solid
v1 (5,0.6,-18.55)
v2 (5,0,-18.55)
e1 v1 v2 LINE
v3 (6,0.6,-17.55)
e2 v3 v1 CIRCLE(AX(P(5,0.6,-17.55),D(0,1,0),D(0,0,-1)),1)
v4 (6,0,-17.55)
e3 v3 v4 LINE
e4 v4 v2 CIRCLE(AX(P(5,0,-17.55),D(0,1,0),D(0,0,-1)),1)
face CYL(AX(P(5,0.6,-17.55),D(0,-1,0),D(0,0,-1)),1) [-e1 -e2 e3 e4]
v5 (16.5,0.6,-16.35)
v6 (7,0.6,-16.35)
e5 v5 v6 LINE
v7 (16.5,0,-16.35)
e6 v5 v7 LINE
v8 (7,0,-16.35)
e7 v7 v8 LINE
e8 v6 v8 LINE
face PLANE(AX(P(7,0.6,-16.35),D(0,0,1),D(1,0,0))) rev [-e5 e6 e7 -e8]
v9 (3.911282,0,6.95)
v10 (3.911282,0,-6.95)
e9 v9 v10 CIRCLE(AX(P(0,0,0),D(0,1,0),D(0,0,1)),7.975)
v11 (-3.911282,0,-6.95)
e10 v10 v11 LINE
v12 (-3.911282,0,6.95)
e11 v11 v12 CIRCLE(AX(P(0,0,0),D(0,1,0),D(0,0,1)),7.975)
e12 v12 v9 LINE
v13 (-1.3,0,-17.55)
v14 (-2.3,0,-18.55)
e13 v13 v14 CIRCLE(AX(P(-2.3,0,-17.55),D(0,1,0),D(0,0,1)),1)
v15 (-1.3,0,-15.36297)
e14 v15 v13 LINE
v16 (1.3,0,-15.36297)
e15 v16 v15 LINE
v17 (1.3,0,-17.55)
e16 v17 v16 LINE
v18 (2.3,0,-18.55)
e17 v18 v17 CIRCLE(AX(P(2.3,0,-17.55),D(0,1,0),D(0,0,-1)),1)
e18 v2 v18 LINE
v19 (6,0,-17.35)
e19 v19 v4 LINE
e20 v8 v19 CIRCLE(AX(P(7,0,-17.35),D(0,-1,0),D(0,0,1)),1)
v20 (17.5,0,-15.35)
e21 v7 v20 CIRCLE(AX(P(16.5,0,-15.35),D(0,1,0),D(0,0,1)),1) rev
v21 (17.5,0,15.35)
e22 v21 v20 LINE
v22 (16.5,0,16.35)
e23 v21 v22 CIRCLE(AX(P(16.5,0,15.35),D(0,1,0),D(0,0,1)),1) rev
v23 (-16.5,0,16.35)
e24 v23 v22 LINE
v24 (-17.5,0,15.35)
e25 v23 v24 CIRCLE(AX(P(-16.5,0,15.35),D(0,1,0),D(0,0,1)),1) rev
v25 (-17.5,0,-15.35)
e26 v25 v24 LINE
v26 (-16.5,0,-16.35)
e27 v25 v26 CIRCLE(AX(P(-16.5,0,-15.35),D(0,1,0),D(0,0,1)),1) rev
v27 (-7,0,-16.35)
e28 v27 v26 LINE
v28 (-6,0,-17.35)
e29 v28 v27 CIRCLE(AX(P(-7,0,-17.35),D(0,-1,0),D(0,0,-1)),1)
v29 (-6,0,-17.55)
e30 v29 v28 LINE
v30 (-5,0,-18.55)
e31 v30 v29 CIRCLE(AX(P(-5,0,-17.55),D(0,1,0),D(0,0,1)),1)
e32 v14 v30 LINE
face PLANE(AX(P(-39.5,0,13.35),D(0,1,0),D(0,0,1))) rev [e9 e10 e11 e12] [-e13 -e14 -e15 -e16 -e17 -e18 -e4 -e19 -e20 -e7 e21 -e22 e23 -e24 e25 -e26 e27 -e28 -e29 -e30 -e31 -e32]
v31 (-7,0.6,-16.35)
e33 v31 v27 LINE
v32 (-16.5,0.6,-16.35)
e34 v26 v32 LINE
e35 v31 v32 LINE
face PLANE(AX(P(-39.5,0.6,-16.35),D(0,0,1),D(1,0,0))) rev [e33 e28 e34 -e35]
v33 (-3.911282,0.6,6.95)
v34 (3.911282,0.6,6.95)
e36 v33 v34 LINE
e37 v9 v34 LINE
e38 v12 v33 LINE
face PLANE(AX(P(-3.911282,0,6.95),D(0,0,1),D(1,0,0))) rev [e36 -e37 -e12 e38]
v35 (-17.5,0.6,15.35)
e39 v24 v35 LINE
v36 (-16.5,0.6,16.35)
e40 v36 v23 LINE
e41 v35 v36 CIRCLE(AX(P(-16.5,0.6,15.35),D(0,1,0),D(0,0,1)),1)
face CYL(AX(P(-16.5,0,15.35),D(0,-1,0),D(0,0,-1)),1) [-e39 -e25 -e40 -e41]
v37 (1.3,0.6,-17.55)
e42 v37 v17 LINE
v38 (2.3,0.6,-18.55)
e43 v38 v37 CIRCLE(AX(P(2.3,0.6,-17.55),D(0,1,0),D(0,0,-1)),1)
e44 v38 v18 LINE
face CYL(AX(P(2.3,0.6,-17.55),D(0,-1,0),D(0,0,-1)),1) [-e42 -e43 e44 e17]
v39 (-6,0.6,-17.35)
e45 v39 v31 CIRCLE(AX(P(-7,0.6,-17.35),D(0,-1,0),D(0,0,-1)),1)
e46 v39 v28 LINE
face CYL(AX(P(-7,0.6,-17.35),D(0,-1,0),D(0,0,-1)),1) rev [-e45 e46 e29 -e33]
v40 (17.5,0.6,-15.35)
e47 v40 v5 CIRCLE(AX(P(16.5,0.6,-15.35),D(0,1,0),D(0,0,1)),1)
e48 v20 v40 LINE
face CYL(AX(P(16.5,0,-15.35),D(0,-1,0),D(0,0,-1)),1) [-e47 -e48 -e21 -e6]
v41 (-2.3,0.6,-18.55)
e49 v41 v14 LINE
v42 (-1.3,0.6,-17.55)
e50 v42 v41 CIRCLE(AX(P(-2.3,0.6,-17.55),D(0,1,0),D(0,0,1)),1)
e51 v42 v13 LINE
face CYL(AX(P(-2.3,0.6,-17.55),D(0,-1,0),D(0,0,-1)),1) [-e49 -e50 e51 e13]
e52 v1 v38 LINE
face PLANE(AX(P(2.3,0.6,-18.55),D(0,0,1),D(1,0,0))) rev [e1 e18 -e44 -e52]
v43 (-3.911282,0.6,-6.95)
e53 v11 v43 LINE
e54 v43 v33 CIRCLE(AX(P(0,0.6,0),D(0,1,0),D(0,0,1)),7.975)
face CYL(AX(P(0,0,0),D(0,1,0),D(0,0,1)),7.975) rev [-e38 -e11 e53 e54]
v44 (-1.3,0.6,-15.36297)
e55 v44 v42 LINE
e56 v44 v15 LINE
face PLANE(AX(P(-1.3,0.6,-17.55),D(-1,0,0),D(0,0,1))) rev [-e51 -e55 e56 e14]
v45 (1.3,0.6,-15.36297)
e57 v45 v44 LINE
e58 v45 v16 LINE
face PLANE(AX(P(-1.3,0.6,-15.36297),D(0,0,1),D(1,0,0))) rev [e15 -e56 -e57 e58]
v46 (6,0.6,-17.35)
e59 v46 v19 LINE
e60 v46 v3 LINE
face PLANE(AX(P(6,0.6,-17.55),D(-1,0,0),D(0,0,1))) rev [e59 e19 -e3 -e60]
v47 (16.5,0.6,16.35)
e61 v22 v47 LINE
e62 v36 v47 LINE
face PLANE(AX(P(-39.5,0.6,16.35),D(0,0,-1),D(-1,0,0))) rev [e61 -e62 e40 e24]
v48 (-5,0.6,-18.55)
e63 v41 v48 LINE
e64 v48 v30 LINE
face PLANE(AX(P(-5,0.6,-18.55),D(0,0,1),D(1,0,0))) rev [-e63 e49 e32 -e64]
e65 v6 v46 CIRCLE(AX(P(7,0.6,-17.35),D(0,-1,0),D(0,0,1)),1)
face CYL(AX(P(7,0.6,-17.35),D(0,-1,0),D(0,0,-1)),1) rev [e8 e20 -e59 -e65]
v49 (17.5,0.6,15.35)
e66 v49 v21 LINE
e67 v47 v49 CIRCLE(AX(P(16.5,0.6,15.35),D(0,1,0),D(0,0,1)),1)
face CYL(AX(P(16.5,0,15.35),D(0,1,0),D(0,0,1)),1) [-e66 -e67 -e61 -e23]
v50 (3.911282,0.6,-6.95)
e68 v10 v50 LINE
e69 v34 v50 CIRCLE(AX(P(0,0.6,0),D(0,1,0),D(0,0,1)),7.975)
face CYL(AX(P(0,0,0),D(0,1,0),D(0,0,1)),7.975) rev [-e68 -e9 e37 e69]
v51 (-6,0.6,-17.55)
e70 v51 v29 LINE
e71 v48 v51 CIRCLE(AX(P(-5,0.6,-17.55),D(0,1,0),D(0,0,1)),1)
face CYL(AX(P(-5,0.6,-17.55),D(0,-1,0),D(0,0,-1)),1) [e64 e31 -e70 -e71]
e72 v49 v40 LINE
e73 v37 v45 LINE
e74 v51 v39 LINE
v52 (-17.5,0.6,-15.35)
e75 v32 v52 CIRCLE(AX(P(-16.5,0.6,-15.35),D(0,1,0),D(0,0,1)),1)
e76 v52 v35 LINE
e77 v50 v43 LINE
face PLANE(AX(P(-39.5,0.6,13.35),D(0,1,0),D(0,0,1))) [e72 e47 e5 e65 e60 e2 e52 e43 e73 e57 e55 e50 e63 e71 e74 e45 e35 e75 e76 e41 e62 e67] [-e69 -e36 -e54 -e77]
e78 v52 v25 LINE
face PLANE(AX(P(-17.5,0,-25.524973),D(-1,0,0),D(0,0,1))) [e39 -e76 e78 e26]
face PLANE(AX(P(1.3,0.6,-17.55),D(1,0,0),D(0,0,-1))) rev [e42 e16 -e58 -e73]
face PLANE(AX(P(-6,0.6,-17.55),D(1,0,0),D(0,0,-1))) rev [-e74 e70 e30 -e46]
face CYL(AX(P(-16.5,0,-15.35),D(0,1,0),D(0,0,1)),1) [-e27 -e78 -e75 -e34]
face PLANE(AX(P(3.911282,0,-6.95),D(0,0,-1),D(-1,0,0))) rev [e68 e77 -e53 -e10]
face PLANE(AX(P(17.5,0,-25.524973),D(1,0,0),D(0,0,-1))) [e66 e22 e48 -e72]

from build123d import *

# Parameters (mm, degrees)
BOSS_EXTRU_1_DEPTH      = 0.6
ESQUISSE2_W             = 117.961397218
ESQUISSE2_H             = 91.146128779
ESQUISSE2_W_2           = 35
ESQUISSE2_H_2           = 51.049946684
ENL_V_MAT_EXTRU_1_DEPTH = 47.375774926
CONG_1_R                = 1
ENL_V_MAT_EXTRU_2_DEPTH = 26.509067015


with BuildPart() as part:
    # Esquisse1 → Boss.-Extru.1 (new body)
    with BuildSketch(Plane(origin=(0, 0, 0), x_dir=(1, 0, 0), z_dir=(0, 1, 0))):
        with BuildLine():
            Line((7, 16.35), (39.5, 16.35))
            ThreePointArc((39.5, 16.35), (41.621320344, 15.471320344), (42.5, 13.35))
            Line((42.5, 13.35), (42.5, -13.35))
            ThreePointArc((42.5, -13.35), (41.621320344, -15.471320344), (39.5, -16.35))
            Line((39.5, -16.35), (-39.5, -16.35))
            ThreePointArc((-39.5, -16.35), (-41.621320344, -15.471320344), (-42.5, -13.35))
            Line((-42.5, -13.35), (-42.5, 13.35))
            ThreePointArc((-42.5, 13.35), (-41.621320344, 15.471320344), (-39.5, 16.35))
            Line((-39.5, 16.35), (-7, 16.35))
            ThreePointArc((-7, 16.35), (-6.292893219, 16.642893219), (-6, 17.35))
            Line((-6, 17.35), (-6, 17.55))
            ThreePointArc((-6, 17.55), (-5.707106781, 18.257106781), (-5, 18.55))
            Line((-5, 18.55), (-2.3, 18.55))
            ThreePointArc((-2.3, 18.55), (-1.592893219, 18.257106781), (-1.3, 17.55))
            Line((-1.3, 17.55), (-1.3, 15.362970147))
            Line((-1.3, 15.362970147), (1.3, 15.362970147))
            Line((1.3, 15.362970147), (1.3, 17.55))
            ThreePointArc((1.3, 17.55), (1.592893219, 18.257106781), (2.3, 18.55))
            Line((2.3, 18.55), (5, 18.55))
            ThreePointArc((5, 18.55), (5.707106781, 18.257106781), (6, 17.55))
            Line((6, 17.55), (6, 17.35))
            ThreePointArc((6, 17.35), (6.292893219, 16.642893219), (7, 16.35))
        make_face()
        with BuildLine():
            Line((-3.87177285, 6.8), (3.87177285, 6.8))
            ThreePointArc((3.87177285, 6.8), (7.825, 0), (3.87177285, -6.8))
            Line((3.87177285, -6.8), (-3.87177285, -6.8))
            ThreePointArc((-3.87177285, -6.8), (-7.825, 0), (-3.87177285, 6.8))
        make_face(mode=Mode.SUBTRACT)
    extrude(amount=BOSS_EXTRU_1_DEPTH)

    # Esquisse2 → Enlèv. mat.-Extru.1 (cut, through all)
    with BuildSketch(Plane(origin=(0, 0.6, 0), x_dir=(1, 0, 0), z_dir=(0, 1, 0))):
        with Locations((-0.999168038, 1.097201222)):
            Rectangle(ESQUISSE2_W, ESQUISSE2_H)
        Rectangle(ESQUISSE2_W_2, ESQUISSE2_H_2, mode=Mode.SUBTRACT)
    extrude(amount=-ENL_V_MAT_EXTRU_1_DEPTH, mode=Mode.SUBTRACT)

    # Congé1
    cong_1_edges = [part.edges().sort_by_distance(p)[0] for p in [
        (-17.5, 0.3, -16.35),
        (17.5, 0.3, -16.35),
        (17.5, 0.3, 16.35),
        (-17.5, 0.3, 16.35),
    ]]
    fillet(cong_1_edges, radius=CONG_1_R)

    # Esquisse3 → Enlèv. mat.-Extru.2 (cut, through all)
    with BuildSketch(Plane(origin=(0, 0.6, 0), x_dir=(1, 0, 0), z_dir=(0, 1, 0))):
        with BuildLine():
            Line((-3.911281759, -6.95), (3.911281759, -6.95))
            ThreePointArc((3.911281759, -6.95), (7.975, 0), (3.911281759, 6.95))
            Line((3.911281759, 6.95), (-3.911281759, 6.95))
            ThreePointArc((-3.911281759, 6.95), (-7.975, 0), (-3.911281759, -6.95))
        make_face()
    extrude(amount=-ENL_V_MAT_EXTRU_2_DEPTH, mode=Mode.SUBTRACT)


solid = part.part
